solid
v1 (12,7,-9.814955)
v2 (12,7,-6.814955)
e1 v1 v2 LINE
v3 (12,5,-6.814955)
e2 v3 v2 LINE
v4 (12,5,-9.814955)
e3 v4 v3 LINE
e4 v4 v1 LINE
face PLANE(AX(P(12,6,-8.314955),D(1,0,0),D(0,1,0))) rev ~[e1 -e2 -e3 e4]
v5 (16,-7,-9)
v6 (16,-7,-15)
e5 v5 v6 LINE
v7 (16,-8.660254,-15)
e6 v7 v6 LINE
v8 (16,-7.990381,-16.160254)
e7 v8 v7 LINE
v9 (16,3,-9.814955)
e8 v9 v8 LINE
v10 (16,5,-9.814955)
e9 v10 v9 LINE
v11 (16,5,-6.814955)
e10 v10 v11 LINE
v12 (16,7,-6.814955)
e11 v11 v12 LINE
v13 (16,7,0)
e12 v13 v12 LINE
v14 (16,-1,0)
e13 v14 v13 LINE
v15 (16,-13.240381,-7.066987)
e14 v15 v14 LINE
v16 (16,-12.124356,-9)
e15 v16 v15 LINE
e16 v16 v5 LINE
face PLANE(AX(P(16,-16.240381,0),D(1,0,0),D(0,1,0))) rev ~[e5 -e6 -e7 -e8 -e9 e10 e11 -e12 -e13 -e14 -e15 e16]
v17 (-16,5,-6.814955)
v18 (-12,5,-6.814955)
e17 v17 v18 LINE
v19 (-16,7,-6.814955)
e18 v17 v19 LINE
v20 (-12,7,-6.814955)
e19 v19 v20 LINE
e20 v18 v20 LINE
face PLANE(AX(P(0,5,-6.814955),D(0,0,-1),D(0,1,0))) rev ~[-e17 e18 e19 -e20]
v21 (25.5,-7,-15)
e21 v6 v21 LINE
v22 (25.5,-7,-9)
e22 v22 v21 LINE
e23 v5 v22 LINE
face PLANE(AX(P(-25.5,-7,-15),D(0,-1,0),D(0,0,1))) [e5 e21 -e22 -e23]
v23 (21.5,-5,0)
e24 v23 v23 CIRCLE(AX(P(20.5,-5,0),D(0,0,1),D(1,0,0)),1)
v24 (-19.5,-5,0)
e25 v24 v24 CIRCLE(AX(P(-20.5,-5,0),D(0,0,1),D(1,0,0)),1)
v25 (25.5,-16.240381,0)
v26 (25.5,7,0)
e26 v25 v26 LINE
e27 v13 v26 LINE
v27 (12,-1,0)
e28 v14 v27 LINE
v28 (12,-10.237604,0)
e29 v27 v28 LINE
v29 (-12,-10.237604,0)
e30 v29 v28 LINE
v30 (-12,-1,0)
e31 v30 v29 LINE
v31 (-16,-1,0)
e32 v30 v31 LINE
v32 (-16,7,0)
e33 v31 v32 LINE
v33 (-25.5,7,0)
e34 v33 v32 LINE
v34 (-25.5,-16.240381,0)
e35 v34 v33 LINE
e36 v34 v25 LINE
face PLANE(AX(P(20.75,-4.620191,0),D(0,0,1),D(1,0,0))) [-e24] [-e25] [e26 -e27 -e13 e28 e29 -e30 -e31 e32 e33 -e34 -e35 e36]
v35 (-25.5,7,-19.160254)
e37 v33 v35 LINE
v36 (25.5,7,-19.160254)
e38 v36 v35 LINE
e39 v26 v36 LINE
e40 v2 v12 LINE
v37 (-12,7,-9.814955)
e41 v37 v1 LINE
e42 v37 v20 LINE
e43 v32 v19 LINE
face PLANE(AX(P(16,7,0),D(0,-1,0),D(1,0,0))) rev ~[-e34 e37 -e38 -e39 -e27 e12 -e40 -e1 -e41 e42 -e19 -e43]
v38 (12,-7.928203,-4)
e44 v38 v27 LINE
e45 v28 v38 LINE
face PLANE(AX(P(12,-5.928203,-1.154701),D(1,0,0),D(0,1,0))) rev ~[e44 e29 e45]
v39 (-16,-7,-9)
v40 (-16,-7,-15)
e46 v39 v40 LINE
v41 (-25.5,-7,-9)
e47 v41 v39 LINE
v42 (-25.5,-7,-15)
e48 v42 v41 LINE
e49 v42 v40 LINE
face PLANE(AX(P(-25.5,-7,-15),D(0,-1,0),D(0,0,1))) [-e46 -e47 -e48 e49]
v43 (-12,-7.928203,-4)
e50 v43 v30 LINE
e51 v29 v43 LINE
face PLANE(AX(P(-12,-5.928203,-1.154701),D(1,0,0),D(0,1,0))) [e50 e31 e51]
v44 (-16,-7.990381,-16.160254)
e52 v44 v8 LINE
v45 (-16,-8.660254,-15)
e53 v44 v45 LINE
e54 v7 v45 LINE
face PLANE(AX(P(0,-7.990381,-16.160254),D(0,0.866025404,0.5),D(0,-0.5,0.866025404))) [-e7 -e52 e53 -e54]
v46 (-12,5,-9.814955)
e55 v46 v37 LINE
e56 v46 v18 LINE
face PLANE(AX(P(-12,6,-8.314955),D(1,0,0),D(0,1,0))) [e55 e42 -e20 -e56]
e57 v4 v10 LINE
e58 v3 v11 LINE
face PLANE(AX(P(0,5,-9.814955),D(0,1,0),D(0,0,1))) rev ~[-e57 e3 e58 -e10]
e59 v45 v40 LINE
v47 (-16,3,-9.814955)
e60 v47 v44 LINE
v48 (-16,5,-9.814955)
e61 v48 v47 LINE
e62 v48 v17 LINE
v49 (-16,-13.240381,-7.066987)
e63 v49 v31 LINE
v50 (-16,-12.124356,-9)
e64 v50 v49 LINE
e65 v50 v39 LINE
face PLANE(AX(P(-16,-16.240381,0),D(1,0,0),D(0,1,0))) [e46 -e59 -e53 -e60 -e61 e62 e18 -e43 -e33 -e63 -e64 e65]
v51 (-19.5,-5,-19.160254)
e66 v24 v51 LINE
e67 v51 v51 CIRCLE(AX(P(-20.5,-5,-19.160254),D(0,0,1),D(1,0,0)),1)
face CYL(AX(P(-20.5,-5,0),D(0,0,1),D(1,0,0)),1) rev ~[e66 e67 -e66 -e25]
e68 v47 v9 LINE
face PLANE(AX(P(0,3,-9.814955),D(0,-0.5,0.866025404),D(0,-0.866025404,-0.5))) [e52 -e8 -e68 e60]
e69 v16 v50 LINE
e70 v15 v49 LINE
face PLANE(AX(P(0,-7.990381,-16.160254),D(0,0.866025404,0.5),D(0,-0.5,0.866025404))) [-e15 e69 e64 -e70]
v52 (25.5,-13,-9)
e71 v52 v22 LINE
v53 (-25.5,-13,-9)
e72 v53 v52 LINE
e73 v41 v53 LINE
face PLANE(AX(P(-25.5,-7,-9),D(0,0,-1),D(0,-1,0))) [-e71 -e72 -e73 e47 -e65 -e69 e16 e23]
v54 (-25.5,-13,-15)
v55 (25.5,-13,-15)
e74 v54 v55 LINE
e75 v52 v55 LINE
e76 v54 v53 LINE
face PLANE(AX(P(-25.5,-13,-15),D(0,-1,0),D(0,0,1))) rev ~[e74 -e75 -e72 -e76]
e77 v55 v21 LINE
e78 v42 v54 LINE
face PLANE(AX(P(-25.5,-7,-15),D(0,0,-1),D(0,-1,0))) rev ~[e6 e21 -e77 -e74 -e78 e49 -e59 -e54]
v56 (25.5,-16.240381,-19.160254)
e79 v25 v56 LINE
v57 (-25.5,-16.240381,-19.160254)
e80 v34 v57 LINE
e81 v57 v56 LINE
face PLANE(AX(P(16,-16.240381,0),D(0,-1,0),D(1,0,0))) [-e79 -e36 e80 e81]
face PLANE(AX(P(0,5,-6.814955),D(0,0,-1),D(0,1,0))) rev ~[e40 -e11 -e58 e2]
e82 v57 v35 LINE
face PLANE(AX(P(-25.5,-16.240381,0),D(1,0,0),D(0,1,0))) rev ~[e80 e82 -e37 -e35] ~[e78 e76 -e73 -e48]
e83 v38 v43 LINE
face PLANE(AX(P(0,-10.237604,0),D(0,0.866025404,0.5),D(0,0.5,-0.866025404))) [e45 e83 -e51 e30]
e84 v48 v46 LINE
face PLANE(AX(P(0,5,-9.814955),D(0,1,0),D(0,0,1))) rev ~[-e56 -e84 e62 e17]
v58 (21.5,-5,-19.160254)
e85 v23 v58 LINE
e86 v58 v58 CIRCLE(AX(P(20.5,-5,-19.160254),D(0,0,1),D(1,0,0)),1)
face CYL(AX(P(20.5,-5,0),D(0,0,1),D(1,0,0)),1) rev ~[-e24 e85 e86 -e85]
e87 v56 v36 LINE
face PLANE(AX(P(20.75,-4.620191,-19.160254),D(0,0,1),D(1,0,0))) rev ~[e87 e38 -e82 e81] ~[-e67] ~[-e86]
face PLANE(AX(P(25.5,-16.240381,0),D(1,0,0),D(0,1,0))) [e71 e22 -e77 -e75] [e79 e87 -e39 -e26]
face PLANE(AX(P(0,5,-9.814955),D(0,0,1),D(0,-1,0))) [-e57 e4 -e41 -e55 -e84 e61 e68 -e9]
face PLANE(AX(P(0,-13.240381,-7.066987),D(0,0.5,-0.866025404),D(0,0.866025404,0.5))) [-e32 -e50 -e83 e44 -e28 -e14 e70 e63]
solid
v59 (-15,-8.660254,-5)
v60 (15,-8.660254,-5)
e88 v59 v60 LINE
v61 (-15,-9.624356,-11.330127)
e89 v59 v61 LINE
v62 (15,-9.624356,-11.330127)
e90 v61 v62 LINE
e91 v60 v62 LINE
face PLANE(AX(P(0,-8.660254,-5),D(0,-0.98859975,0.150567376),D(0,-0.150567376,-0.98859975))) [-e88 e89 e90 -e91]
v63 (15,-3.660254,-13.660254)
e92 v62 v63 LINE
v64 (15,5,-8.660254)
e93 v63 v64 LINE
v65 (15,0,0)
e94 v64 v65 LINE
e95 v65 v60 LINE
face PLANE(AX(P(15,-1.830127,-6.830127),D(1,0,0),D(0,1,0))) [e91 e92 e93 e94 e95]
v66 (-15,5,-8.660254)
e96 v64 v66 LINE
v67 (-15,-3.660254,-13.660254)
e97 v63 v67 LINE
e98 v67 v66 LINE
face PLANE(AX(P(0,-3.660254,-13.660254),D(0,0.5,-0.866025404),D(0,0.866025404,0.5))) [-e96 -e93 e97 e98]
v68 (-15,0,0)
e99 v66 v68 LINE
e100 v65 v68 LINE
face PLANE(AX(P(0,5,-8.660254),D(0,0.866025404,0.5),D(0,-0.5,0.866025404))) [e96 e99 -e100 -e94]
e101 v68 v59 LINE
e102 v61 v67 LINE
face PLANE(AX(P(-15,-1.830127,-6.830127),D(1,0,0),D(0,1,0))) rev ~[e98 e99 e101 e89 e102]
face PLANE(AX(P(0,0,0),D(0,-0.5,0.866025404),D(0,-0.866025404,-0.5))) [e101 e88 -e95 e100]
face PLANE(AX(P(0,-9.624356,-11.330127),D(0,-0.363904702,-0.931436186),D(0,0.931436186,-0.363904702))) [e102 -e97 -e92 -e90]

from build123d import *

# Parameters (mm, degrees)
F2_DEPTH = 15
F3_W     = 2
F3_H     = 3
F4_DEPTH = 16
F5_DEPTH = 12
F6_W     = 9.5
F6_H     = 23.2403810568
F6_R     = 1
F7_DEPTH = 19.1602540378
F8_W     = 6
F8_H     = 6
F9_DEPTH = 51.001


with BuildPart() as f2:
    # F1 (on Right) → F2 (new body, symmetric)
    with BuildSketch(Plane.YZ):
        Polygon((0, 0), (-8.6602540378, -5), (-3.6602540378, -13.6602540378), (5, -8.6602540378), align=None)
        Polygon((-3.6602540378, -13.6602540378), (-8.6602540378, -5), (-9.624355653, -11.3301270189), align=None)
    extrude(amount=F2_DEPTH, both=True)


with BuildPart() as f4:
    # F3 (on Right) → F4 (new body, symmetric)
    with BuildSketch(Plane.YZ):
        Polygon((-10.237604307, 0), (-16.2403810568, 0), (-16.2403810568, -19.1602540378), (7, -19.1602540378), (7, -9.8149545762), (5, -9.8149545762), (3, -9.8149545762), (-7.9903810568, -16.1602540378), (-13.2403810568, -7.0669872981), (-7.9282032303, -4), align=None)
        Polygon((-1, 0), (-10.237604307, 0), (-7.9282032303, -4), align=None)
        with Locations((6, -8.3149545762)):
            Rectangle(F3_W, F3_H)
    extrude(amount=F4_DEPTH, both=True)

    # F3 (on Right) → F5 (cut, symmetric)
    with BuildSketch(Plane.YZ):
        Polygon((-1, 0), (-10.237604307, 0), (-7.9282032303, -4), align=None)
        with Locations((6, -8.3149545762)):
            Rectangle(F3_W, F3_H)
    extrude(amount=F5_DEPTH, both=True, mode=Mode.SUBTRACT)

    # F6 (on face) → F7 (join, through all)
    with BuildSketch(Plane.XY):
        with Locations((20.75, -4.6201905284)):
            Rectangle(F6_W, F6_H)
        with Locations((20.5, -5)):
            Circle(F6_R, mode=Mode.SUBTRACT)
        with Locations((-20.75, -4.6201905284)):
            Rectangle(F6_W, F6_H)
        with Locations((-20.5, -5)):
            Circle(F6_R, mode=Mode.SUBTRACT)
    extrude(amount=-F7_DEPTH)

    # F8 (on face) → F9 (cut, through all)
    with BuildSketch(Plane(origin=(-25.5, 0, 0), x_dir=(0, -1, 0), z_dir=(-1, 0, 0))):
        with Locations((10, -12)):
            Rectangle(F8_W, F8_H)
    extrude(amount=-F9_DEPTH, mode=Mode.SUBTRACT)


solid = Compound([f2.part, f4.part])
